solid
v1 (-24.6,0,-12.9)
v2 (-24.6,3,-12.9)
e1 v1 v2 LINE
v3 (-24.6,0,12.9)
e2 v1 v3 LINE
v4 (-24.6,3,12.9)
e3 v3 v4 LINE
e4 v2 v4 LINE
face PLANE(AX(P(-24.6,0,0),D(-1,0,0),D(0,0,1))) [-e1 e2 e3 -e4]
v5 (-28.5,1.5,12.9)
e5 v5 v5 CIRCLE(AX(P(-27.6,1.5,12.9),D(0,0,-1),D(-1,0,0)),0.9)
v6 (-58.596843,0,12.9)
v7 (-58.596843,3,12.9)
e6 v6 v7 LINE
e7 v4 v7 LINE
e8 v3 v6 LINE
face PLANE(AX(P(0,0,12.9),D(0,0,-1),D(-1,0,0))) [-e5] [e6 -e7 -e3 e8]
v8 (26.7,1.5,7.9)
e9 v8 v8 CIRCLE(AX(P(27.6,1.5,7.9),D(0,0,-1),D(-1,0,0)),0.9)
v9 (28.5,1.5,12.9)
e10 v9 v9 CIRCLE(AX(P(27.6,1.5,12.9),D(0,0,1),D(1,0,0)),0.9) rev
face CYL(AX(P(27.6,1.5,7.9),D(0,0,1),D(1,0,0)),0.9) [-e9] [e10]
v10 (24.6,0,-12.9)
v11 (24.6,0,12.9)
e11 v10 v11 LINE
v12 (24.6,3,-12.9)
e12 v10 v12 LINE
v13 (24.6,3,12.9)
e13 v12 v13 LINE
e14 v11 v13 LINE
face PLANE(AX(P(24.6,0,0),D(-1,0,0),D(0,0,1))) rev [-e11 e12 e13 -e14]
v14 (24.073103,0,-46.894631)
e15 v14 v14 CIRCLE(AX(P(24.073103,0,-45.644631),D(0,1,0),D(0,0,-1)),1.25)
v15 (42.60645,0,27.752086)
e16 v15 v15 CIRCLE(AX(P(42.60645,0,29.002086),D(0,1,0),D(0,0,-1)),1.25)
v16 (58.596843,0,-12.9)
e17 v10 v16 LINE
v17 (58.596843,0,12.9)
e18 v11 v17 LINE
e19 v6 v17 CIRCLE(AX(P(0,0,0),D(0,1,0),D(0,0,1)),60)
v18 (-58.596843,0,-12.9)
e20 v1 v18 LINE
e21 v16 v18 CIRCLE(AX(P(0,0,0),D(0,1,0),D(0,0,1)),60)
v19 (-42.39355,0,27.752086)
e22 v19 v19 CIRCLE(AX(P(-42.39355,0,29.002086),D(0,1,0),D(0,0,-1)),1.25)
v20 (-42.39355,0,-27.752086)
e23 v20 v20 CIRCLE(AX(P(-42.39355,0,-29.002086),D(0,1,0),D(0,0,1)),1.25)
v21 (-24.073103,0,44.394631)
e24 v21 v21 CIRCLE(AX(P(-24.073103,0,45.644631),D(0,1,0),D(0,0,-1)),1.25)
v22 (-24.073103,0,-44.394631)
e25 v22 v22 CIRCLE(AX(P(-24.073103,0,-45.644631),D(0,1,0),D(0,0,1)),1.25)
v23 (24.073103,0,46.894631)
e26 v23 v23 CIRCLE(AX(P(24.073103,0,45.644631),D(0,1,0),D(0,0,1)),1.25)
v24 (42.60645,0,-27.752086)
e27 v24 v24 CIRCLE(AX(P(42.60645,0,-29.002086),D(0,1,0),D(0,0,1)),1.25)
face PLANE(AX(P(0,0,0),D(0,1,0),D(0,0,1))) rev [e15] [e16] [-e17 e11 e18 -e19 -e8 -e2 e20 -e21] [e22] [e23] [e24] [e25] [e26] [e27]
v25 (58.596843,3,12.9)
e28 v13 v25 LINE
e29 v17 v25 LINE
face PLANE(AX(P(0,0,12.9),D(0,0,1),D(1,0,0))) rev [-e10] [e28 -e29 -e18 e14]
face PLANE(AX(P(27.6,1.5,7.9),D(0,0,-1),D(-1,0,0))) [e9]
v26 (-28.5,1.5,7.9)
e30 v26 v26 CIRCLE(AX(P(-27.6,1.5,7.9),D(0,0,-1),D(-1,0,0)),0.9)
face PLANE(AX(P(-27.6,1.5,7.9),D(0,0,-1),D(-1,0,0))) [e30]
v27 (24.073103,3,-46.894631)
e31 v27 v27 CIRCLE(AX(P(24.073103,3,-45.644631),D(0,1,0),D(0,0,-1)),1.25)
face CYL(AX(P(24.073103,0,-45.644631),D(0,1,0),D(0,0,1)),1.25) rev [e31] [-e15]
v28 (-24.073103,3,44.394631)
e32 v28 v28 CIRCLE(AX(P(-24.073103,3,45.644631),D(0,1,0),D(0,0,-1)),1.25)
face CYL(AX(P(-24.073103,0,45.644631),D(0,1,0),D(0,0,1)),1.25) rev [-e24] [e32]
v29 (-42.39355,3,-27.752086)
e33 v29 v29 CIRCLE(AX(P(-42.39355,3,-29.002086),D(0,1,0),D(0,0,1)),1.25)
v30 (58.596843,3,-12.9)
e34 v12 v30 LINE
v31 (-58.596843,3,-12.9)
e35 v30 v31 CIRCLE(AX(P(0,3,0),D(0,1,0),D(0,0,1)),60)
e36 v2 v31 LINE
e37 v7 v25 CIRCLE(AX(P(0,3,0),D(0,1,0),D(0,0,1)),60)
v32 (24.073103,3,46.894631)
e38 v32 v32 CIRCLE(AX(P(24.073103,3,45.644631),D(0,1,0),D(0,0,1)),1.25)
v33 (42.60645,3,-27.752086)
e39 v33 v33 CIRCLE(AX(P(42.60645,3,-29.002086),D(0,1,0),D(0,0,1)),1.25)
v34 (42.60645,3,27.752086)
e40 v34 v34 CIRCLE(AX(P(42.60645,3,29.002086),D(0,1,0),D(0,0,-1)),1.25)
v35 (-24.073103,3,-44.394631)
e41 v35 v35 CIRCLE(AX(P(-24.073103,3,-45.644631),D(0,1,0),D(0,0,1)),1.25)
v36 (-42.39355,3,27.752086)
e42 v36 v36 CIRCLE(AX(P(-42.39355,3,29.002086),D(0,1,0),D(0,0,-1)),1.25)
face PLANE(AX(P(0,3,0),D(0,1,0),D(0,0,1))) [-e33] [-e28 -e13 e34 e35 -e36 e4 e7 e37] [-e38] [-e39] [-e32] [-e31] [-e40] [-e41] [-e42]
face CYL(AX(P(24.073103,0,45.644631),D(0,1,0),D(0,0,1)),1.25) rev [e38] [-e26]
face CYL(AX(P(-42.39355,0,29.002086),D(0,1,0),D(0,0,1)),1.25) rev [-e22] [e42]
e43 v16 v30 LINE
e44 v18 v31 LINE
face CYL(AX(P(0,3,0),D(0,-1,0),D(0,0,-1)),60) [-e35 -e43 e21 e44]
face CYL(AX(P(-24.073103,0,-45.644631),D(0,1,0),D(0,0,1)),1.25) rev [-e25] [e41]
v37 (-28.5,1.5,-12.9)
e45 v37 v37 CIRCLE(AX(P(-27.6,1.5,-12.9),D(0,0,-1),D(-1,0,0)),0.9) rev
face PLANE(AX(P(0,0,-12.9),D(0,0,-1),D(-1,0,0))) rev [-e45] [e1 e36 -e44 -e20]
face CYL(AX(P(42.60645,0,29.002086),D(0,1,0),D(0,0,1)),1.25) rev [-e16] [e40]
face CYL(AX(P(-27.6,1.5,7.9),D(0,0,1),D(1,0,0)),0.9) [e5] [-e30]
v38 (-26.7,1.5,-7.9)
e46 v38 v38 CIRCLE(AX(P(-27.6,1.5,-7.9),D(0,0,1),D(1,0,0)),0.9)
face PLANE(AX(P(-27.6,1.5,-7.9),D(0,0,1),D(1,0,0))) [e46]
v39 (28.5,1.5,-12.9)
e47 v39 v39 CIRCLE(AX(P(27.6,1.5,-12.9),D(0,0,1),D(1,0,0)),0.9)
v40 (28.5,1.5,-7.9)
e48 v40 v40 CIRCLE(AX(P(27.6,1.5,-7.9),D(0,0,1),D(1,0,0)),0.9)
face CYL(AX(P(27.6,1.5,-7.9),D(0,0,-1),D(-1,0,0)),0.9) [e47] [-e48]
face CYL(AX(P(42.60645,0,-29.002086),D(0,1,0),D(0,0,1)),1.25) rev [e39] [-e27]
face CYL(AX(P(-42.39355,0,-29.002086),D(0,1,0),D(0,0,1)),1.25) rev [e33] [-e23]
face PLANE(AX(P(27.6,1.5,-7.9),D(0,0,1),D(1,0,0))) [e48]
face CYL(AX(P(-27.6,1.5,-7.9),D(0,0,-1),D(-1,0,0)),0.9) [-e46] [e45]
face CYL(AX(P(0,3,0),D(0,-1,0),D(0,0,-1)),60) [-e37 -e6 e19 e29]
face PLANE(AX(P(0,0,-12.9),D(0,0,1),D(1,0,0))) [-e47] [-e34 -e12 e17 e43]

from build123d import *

# Parameters (mm, degrees)
SKETCH1_R           = 60
BOSS_EXTRUDE1_DEPTH = 3
SKETCH2_R           = 1.25
CUT_EXTRUDE1_DEPTH  = 4
CUT_EXTRUDE9_DEPTH  = 4
SKETCH5_R           = 0.9
BOSS_EXTRUDE2_DEPTH = 5
SKETCH7_R           = 0.9
BOSS_EXTRUDE3_DEPTH = 5
SKETCH8_R           = 0.9
BOSS_EXTRUDE4_DEPTH = 5
SKETCH9_R           = 0.9
BOSS_EXTRUDE5_DEPTH = 5


with BuildPart() as part:
    # Sketch1 → Boss-Extrude1 (new body)
    with BuildSketch(Plane(origin=(0, 0, 0), x_dir=(1, 0, 0), z_dir=(0, 1, 0))):
        Circle(SKETCH1_R)
    extrude(amount=BOSS_EXTRUDE1_DEPTH)

    # Sketch2 → Cut-Extrude1 (cut, through all)
    with BuildSketch(Plane(origin=(0, 3, 0), x_dir=(1, 0, 0), z_dir=(0, 1, 0))):
        with Locations((-42.393550358, 29.002085895)):
            Circle(SKETCH2_R)
        with Locations((42.606449642, 29.002085895)):
            Circle(SKETCH2_R)
        with Locations((42.606449642, -29.002085895)):
            Circle(SKETCH2_R)
        with Locations((-42.393550358, -29.002085895)):
            Circle(SKETCH2_R)
        with Locations((-24.073102507, 45.644631202)):
            Circle(SKETCH2_R)
        with Locations((24.073102507, 45.644631202)):
            Circle(SKETCH2_R)
        with Locations((24.073102507, -45.644631202)):
            Circle(SKETCH2_R)
        with Locations((-24.073102507, -45.644631202)):
            Circle(SKETCH2_R)
    extrude(amount=-CUT_EXTRUDE1_DEPTH, mode=Mode.SUBTRACT)

    # Sketch4 → Cut-Extrude9 (cut, through all)
    with BuildSketch(Plane(origin=(0, 3, 0), x_dir=(1, 0, 0), z_dir=(0, 1, 0))):
        with BuildLine():
            Line((-24.6, 12.9), (-58.596842918, 12.9))
            ThreePointArc((-58.596842918, 12.9), (-60, 0), (-58.596842918, -12.9))
            Line((-58.596842918, -12.9), (-24.6, -12.9))
            Line((-24.6, -12.9), (-24.6, 12.9))
        make_face()
        with BuildLine():
            Line((58.596842918, 12.9), (24.6, 12.9))
            Line((24.6, 12.9), (24.6, 0))
            Line((24.6, 0), (60, 0))
            ThreePointArc((60, 0), (59.648179248, 6.488043808), (58.596842918, 12.9))
        make_face()
        with BuildLine():
            Line((60, 0), (24.6, 0))
            Line((24.6, 0), (24.6, -12.9))
            Line((24.6, -12.9), (58.596842918, -12.9))
            ThreePointArc((58.596842918, -12.9), (59.648179248, -6.488043808), (60, 0))
        make_face()
    extrude(amount=-CUT_EXTRUDE9_DEPTH, mode=Mode.SUBTRACT)

    # Sketch5 → Boss-Extrude2 (add)
    with BuildSketch(Plane.XY.offset(-12.9)):
        with Locations((27.6, 1.5)):
            Circle(SKETCH5_R)
    extrude(amount=BOSS_EXTRUDE2_DEPTH)

    # Sketch7 → Boss-Extrude3 (add)
    with BuildSketch(Plane(origin=(0, 0, 12.9), x_dir=(-1, 0, 0), z_dir=(0, 0, -1))):
        with Locations((-27.6, 1.5)):
            Circle(SKETCH7_R)
    extrude(amount=BOSS_EXTRUDE3_DEPTH)

    # Sketch8 → Boss-Extrude4 (add)
    with BuildSketch(Plane.XY.offset(-12.9)):
        with Locations((-27.6, 1.5)):
            Circle(SKETCH8_R)
    extrude(amount=BOSS_EXTRUDE4_DEPTH)

    # Sketch9 → Boss-Extrude5 (add)
    with BuildSketch(Plane(origin=(0, 0, 12.9), x_dir=(-1, 0, 0), z_dir=(0, 0, -1))):
        with Locations((27.6, 1.5)):
            Circle(SKETCH9_R)
    extrude(amount=BOSS_EXTRUDE5_DEPTH)


solid = part.part
